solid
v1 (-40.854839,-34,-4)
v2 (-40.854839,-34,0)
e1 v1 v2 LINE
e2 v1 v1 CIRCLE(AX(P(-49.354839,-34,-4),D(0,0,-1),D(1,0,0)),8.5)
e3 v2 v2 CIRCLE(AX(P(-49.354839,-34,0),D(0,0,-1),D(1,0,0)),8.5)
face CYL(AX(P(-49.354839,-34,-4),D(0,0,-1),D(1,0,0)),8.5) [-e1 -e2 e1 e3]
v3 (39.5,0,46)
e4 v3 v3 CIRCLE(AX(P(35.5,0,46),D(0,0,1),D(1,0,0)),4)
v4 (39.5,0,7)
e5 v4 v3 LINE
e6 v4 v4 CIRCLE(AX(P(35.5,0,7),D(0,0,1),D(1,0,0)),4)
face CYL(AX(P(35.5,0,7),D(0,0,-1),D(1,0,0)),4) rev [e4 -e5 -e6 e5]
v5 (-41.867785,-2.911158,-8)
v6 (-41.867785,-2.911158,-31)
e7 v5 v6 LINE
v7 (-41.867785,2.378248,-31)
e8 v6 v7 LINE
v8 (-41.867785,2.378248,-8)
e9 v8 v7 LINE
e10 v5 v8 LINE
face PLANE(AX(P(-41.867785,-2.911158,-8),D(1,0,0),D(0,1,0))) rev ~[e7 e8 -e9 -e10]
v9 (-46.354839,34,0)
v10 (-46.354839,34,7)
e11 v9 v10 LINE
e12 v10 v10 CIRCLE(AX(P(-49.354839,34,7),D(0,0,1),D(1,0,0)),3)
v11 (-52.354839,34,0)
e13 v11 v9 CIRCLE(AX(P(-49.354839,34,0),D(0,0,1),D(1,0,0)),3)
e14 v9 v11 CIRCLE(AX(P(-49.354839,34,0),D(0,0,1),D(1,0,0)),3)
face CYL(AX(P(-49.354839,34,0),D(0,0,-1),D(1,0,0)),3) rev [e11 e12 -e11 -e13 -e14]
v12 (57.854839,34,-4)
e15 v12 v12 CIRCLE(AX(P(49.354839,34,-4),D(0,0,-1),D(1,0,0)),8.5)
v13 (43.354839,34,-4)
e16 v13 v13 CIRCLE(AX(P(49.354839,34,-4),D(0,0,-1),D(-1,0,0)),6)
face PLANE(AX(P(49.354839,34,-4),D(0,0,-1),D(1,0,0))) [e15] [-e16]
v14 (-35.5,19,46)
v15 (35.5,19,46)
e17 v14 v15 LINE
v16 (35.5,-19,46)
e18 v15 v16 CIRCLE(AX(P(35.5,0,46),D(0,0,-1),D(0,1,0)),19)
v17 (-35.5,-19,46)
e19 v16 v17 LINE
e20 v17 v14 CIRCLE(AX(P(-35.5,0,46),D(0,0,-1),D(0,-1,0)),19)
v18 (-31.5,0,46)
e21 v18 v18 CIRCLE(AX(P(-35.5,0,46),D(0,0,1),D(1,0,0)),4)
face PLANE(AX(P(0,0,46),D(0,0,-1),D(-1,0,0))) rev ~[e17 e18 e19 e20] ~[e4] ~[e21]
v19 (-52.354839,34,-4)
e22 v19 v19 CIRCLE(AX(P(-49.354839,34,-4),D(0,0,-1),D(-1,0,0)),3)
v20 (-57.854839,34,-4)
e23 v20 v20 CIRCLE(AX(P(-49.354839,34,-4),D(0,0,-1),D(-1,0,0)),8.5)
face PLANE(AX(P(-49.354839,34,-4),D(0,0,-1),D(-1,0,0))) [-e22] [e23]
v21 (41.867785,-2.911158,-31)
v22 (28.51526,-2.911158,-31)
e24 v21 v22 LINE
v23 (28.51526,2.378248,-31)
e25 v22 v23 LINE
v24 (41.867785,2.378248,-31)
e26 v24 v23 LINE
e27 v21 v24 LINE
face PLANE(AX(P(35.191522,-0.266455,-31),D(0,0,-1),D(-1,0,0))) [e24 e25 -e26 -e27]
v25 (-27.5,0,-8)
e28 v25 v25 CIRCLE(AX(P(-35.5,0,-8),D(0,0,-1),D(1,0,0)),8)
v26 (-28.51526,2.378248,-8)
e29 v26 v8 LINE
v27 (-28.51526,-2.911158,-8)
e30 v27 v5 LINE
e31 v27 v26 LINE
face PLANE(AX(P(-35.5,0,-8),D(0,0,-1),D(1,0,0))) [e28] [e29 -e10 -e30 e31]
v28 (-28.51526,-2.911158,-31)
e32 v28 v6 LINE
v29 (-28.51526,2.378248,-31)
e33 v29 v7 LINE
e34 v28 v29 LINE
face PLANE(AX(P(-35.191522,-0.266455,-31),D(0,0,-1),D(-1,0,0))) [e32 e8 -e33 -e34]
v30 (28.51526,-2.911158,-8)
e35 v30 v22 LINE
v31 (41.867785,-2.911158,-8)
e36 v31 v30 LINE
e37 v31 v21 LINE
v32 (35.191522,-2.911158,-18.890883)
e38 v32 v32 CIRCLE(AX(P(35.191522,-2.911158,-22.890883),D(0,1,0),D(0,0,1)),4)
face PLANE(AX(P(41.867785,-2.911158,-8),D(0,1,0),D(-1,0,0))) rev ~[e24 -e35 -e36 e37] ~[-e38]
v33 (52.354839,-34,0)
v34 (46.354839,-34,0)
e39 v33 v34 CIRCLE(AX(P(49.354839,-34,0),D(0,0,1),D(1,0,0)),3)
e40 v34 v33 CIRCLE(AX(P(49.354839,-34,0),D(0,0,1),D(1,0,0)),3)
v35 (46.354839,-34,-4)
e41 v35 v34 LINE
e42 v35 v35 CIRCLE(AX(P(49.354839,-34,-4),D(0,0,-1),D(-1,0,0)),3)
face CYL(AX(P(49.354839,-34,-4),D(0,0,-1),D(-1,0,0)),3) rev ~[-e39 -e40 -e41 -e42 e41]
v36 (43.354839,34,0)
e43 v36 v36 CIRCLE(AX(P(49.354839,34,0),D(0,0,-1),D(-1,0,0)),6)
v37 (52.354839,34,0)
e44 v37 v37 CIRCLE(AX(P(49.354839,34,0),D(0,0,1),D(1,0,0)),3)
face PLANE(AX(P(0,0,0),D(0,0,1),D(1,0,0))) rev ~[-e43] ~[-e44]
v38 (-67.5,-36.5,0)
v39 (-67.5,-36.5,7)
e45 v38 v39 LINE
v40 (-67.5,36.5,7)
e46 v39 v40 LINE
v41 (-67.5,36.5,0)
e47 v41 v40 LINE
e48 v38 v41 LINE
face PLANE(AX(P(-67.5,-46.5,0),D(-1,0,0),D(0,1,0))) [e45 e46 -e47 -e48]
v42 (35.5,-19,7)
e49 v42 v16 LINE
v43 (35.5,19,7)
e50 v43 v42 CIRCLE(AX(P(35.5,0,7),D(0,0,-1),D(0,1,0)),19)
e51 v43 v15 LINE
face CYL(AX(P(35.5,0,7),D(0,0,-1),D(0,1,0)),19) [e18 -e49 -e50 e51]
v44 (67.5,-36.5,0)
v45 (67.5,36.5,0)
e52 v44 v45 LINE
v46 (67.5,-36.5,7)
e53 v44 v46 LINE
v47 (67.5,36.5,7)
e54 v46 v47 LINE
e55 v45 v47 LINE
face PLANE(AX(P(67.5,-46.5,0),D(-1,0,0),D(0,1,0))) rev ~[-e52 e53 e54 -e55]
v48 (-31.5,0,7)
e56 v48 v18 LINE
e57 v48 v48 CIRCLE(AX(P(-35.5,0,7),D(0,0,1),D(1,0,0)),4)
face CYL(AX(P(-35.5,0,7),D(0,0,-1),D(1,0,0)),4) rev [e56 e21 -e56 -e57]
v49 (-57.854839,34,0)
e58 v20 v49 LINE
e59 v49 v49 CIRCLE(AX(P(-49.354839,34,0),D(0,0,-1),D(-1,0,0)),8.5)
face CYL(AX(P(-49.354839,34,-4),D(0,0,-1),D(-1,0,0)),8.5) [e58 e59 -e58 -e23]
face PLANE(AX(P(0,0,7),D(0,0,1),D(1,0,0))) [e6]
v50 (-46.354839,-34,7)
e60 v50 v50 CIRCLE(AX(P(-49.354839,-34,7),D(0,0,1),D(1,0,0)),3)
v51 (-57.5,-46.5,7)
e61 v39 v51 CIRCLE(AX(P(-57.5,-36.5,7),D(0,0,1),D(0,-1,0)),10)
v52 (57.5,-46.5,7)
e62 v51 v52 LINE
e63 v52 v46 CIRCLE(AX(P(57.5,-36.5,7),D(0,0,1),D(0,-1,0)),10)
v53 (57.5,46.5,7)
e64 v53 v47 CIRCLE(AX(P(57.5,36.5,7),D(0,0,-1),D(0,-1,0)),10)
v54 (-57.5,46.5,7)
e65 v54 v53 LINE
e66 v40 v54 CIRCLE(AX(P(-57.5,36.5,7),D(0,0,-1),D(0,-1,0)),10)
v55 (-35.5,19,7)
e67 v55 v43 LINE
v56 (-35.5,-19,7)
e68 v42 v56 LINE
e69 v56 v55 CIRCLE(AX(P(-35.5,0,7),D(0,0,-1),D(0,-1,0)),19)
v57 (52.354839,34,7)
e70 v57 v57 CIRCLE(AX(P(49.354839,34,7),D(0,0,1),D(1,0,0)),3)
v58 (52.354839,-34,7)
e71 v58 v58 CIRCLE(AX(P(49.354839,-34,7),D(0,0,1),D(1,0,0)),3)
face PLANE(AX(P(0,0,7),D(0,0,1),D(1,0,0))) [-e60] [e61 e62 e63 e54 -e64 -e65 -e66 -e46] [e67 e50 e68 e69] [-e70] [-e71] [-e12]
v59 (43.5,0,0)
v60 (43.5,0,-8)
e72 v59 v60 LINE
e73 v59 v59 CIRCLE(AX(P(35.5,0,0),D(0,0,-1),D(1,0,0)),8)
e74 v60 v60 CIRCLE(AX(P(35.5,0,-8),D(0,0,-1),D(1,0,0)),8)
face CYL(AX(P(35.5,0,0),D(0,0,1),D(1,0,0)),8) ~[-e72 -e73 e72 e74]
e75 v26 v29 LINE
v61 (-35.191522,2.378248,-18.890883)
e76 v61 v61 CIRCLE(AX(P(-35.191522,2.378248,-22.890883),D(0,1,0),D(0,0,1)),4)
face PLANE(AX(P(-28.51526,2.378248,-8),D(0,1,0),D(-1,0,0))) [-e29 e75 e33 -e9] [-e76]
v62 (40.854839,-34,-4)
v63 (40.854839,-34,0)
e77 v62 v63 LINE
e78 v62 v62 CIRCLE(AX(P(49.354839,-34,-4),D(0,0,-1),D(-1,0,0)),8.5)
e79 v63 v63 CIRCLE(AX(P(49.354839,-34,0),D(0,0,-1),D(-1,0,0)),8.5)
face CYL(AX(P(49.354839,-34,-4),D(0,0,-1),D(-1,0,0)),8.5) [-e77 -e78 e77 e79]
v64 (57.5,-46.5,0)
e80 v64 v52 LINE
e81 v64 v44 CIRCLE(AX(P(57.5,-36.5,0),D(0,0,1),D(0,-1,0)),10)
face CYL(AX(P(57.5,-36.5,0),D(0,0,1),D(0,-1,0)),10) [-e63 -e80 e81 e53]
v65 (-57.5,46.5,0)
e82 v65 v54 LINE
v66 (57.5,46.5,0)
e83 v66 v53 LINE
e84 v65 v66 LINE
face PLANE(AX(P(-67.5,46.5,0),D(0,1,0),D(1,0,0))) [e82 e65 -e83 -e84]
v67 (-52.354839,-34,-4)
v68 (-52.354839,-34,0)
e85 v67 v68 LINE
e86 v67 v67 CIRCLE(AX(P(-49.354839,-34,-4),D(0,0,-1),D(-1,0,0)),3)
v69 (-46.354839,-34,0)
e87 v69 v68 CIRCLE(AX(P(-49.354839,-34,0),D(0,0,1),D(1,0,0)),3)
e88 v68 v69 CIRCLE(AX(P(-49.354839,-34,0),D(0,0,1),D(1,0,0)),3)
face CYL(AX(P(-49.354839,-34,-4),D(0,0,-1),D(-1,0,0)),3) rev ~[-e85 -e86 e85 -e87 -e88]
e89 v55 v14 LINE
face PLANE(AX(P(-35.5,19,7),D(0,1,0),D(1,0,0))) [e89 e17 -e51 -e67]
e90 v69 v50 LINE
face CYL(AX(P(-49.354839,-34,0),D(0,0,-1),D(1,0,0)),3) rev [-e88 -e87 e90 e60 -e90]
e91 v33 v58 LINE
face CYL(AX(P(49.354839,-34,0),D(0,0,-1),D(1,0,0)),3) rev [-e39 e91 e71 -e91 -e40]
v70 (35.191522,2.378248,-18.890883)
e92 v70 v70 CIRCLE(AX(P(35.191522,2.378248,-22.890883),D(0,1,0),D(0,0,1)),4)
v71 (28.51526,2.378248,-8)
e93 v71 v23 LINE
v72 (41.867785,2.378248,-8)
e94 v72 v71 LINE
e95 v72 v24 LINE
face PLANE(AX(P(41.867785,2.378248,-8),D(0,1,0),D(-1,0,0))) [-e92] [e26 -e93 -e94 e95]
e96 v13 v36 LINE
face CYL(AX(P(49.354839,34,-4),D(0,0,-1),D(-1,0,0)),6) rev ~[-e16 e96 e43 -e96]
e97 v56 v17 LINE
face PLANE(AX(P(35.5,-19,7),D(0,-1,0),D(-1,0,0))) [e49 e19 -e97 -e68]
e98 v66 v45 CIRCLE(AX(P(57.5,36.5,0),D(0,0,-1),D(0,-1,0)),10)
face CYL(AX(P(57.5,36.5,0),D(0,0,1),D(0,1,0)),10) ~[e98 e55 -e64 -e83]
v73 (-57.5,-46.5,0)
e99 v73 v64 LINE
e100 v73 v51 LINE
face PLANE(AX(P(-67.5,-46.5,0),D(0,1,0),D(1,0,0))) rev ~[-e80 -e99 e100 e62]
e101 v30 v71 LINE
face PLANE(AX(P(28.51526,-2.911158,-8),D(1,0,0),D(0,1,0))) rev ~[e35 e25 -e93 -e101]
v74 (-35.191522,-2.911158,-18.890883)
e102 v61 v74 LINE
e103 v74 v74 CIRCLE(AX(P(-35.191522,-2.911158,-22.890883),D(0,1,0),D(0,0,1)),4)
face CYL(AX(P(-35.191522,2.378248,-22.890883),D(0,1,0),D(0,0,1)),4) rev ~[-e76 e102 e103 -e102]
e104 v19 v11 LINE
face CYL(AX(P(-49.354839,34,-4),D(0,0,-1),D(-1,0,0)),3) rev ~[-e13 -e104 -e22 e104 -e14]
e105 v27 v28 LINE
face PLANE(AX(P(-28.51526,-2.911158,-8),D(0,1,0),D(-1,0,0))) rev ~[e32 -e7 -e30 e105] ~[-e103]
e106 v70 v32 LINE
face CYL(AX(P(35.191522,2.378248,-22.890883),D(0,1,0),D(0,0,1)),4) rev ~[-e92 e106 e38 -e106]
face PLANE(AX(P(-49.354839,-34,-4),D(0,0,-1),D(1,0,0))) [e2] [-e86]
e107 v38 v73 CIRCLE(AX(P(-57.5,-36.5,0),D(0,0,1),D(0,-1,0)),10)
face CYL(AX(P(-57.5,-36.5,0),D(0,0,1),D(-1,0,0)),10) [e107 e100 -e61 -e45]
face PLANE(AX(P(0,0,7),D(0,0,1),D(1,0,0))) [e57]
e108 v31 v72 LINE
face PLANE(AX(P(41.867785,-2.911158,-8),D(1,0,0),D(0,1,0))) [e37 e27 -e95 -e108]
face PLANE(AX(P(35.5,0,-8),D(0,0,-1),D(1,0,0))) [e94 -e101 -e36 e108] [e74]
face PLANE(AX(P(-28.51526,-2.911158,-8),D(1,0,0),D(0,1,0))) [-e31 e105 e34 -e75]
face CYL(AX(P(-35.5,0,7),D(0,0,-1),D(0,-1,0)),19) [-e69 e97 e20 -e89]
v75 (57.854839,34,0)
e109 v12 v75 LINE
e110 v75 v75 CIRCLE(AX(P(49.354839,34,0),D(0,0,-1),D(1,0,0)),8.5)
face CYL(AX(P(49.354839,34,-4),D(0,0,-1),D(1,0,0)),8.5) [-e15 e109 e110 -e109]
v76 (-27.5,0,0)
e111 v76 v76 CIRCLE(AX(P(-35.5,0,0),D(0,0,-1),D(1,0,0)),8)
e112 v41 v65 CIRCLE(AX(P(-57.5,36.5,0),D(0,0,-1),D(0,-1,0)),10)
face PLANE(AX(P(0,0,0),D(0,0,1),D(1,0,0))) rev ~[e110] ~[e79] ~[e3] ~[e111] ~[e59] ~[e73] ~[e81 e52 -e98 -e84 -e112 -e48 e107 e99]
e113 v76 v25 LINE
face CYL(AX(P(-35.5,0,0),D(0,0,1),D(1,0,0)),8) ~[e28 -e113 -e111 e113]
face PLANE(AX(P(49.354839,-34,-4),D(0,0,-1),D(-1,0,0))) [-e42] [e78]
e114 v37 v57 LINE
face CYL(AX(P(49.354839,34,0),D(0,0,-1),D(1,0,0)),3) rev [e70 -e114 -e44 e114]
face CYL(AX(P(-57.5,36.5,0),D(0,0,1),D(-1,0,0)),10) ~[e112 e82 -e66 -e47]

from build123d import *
from build123d.topology import SkipClean

# Parameters (mm, degrees)
SKETCH1_W           = 135
SKETCH1_H           = 93
SKETCH1_R           = 3
BOSS_EXTRUDE1_DEPTH = 7
SKETCH2_R           = 4
BOSS_EXTRUDE2_DEPTH = 39
FILLET1_R           = 10
SKETCH3_R           = 8
BOSS_EXTRUDE3_DEPTH = 8
SKETCH4_W           = 13.352525021
SKETCH4_H           = 5.289406047
BOSS_EXTRUDE4_DEPTH = 23
SKETCH5_R           = 4
CUT_EXTRUDE1_DEPTH  = 23
BOSS_EXTRUDE5_START = 4
SKETCH6_R           = 8.5
SKETCH6_R_2         = 6
SKETCH6_R_3         = 3
BOSS_EXTRUDE5_DEPTH = 4


with BuildPart() as part:
    # Sketch1 → Boss-Extrude1 (new body)
    with BuildSketch(Plane.XY):
        Rectangle(SKETCH1_W, SKETCH1_H)
        with Locations((-49.35483871, 34)):
            Circle(SKETCH1_R, mode=Mode.SUBTRACT)
        with Locations((49.35483871, 34)):
            Circle(SKETCH1_R, mode=Mode.SUBTRACT)
        with Locations((-49.35483871, -34)):
            Circle(SKETCH1_R, mode=Mode.SUBTRACT)
        with Locations((49.35483871, -34)):
            Circle(SKETCH1_R, mode=Mode.SUBTRACT)
    extrude(amount=BOSS_EXTRUDE1_DEPTH)

    # Sketch2 → Boss-Extrude2 (add)
    with BuildSketch(Plane.XY.offset(7)):
        with BuildLine():
            Line((-35.5, 19), (35.5, 19))
            ThreePointArc((35.5, 19), (54.5, 0), (35.5, -19))
            Line((35.5, -19), (-35.5, -19))
            ThreePointArc((-35.5, -19), (-54.5, 0), (-35.5, 19))
        make_face()
        with Locations((-35.5, 0)):
            Circle(SKETCH2_R, mode=Mode.SUBTRACT)
        with Locations((35.5, 0)):
            Circle(SKETCH2_R, mode=Mode.SUBTRACT)
    extrude(amount=BOSS_EXTRUDE2_DEPTH)

    # Fillet1
    fillet1_edges = [part.edges().sort_by_distance(p)[0] for p in [
        (-67.5, -46.5, 3.5),
        (-67.5, 46.5, 3.5),
        (67.5, 46.5, 3.5),
        (67.5, -46.5, 3.5),
    ]]
    fillet(fillet1_edges, radius=FILLET1_R)

    # Sketch3 → Boss-Extrude3 (add)
    with BuildSketch(Plane(origin=(0, 0, 0), x_dir=(-1, 0, 0), z_dir=(0, 0, -1))):
        with Locations(Location((-35.5, 0, 0), (0, 0, 180))):
            Circle(SKETCH3_R)
        with Locations(Location((35.5, 0, 0), (0, 0, 180))):
            Circle(SKETCH3_R)
    extrude(amount=BOSS_EXTRUDE3_DEPTH)

    # Sketch4 → Boss-Extrude4 (add)
    with BuildSketch(Plane(origin=(0, 0, -8), x_dir=(-1, 0, 0), z_dir=(0, 0, -1))):
        with Locations((-35.191522183, -0.266454552)):
            Rectangle(SKETCH4_W, SKETCH4_H)
        with Locations((35.191522183, -0.266454552)):
            Rectangle(SKETCH4_W, SKETCH4_H)
    extrude(amount=BOSS_EXTRUDE4_DEPTH)

    # Sketch5 → Cut-Extrude1 (cut)
    with BuildSketch(Plane(origin=(0, 2.378248472, 0), x_dir=(1, 0, 0), z_dir=(0, 1, 0))):
        with Locations(Location((35.191522184, 22.89088314, 0), (0, 0, 270))):
            Circle(SKETCH5_R)
        with Locations(Location((-35.191522184, 22.89088314, 0), (0, 0, 270))):
            Circle(SKETCH5_R)
    extrude(amount=-CUT_EXTRUDE1_DEPTH, mode=Mode.SUBTRACT)

    # Sketch6 → Boss-Extrude5 (add)
    # profile 1 of 4: a face of its own
    with SkipClean():  # the faces are left unmerged after this step: merging them gives an invalid solid
        with BuildSketch(Plane(origin=(0, 0, 0), x_dir=(-1, 0, 0), z_dir=(0, 0, -1)).offset(BOSS_EXTRUDE5_START)):
            with Locations(Location((-49.35483871, 34, 0), (0, 0, 180))):
                Circle(SKETCH6_R)
            with Locations((-49.35483871, 34)):
                Circle(SKETCH6_R_2, mode=Mode.SUBTRACT)
        # profile 2 of 4: a face of its own
        with BuildSketch(Plane(origin=(0, 0, 0), x_dir=(-1, 0, 0), z_dir=(0, 0, -1)).offset(BOSS_EXTRUDE5_START)):
            with Locations((-49.35483871, -34)):
                Circle(SKETCH6_R)
            with Locations((-49.35483871, -34)):
                Circle(SKETCH6_R_3, mode=Mode.SUBTRACT)
        # profile 3 of 4: a face of its own
        with BuildSketch(Plane(origin=(0, 0, 0), x_dir=(-1, 0, 0), z_dir=(0, 0, -1)).offset(BOSS_EXTRUDE5_START)):
            with Locations(Location((49.35483871, -34, 0), (0, 0, 180))):
                Circle(SKETCH6_R)
            with Locations((49.35483871, -34)):
                Circle(SKETCH6_R_3, mode=Mode.SUBTRACT)
        # profile 4 of 4: a face of its own
        with BuildSketch(Plane(origin=(0, 0, 0), x_dir=(-1, 0, 0), z_dir=(0, 0, -1)).offset(BOSS_EXTRUDE5_START)):
            with Locations((49.35483871, 34)):
                Circle(SKETCH6_R)
            with Locations((49.35483871, 34)):
                Circle(SKETCH6_R_3, mode=Mode.SUBTRACT)
        extrude(amount=-BOSS_EXTRUDE5_DEPTH)


solid = part.part
